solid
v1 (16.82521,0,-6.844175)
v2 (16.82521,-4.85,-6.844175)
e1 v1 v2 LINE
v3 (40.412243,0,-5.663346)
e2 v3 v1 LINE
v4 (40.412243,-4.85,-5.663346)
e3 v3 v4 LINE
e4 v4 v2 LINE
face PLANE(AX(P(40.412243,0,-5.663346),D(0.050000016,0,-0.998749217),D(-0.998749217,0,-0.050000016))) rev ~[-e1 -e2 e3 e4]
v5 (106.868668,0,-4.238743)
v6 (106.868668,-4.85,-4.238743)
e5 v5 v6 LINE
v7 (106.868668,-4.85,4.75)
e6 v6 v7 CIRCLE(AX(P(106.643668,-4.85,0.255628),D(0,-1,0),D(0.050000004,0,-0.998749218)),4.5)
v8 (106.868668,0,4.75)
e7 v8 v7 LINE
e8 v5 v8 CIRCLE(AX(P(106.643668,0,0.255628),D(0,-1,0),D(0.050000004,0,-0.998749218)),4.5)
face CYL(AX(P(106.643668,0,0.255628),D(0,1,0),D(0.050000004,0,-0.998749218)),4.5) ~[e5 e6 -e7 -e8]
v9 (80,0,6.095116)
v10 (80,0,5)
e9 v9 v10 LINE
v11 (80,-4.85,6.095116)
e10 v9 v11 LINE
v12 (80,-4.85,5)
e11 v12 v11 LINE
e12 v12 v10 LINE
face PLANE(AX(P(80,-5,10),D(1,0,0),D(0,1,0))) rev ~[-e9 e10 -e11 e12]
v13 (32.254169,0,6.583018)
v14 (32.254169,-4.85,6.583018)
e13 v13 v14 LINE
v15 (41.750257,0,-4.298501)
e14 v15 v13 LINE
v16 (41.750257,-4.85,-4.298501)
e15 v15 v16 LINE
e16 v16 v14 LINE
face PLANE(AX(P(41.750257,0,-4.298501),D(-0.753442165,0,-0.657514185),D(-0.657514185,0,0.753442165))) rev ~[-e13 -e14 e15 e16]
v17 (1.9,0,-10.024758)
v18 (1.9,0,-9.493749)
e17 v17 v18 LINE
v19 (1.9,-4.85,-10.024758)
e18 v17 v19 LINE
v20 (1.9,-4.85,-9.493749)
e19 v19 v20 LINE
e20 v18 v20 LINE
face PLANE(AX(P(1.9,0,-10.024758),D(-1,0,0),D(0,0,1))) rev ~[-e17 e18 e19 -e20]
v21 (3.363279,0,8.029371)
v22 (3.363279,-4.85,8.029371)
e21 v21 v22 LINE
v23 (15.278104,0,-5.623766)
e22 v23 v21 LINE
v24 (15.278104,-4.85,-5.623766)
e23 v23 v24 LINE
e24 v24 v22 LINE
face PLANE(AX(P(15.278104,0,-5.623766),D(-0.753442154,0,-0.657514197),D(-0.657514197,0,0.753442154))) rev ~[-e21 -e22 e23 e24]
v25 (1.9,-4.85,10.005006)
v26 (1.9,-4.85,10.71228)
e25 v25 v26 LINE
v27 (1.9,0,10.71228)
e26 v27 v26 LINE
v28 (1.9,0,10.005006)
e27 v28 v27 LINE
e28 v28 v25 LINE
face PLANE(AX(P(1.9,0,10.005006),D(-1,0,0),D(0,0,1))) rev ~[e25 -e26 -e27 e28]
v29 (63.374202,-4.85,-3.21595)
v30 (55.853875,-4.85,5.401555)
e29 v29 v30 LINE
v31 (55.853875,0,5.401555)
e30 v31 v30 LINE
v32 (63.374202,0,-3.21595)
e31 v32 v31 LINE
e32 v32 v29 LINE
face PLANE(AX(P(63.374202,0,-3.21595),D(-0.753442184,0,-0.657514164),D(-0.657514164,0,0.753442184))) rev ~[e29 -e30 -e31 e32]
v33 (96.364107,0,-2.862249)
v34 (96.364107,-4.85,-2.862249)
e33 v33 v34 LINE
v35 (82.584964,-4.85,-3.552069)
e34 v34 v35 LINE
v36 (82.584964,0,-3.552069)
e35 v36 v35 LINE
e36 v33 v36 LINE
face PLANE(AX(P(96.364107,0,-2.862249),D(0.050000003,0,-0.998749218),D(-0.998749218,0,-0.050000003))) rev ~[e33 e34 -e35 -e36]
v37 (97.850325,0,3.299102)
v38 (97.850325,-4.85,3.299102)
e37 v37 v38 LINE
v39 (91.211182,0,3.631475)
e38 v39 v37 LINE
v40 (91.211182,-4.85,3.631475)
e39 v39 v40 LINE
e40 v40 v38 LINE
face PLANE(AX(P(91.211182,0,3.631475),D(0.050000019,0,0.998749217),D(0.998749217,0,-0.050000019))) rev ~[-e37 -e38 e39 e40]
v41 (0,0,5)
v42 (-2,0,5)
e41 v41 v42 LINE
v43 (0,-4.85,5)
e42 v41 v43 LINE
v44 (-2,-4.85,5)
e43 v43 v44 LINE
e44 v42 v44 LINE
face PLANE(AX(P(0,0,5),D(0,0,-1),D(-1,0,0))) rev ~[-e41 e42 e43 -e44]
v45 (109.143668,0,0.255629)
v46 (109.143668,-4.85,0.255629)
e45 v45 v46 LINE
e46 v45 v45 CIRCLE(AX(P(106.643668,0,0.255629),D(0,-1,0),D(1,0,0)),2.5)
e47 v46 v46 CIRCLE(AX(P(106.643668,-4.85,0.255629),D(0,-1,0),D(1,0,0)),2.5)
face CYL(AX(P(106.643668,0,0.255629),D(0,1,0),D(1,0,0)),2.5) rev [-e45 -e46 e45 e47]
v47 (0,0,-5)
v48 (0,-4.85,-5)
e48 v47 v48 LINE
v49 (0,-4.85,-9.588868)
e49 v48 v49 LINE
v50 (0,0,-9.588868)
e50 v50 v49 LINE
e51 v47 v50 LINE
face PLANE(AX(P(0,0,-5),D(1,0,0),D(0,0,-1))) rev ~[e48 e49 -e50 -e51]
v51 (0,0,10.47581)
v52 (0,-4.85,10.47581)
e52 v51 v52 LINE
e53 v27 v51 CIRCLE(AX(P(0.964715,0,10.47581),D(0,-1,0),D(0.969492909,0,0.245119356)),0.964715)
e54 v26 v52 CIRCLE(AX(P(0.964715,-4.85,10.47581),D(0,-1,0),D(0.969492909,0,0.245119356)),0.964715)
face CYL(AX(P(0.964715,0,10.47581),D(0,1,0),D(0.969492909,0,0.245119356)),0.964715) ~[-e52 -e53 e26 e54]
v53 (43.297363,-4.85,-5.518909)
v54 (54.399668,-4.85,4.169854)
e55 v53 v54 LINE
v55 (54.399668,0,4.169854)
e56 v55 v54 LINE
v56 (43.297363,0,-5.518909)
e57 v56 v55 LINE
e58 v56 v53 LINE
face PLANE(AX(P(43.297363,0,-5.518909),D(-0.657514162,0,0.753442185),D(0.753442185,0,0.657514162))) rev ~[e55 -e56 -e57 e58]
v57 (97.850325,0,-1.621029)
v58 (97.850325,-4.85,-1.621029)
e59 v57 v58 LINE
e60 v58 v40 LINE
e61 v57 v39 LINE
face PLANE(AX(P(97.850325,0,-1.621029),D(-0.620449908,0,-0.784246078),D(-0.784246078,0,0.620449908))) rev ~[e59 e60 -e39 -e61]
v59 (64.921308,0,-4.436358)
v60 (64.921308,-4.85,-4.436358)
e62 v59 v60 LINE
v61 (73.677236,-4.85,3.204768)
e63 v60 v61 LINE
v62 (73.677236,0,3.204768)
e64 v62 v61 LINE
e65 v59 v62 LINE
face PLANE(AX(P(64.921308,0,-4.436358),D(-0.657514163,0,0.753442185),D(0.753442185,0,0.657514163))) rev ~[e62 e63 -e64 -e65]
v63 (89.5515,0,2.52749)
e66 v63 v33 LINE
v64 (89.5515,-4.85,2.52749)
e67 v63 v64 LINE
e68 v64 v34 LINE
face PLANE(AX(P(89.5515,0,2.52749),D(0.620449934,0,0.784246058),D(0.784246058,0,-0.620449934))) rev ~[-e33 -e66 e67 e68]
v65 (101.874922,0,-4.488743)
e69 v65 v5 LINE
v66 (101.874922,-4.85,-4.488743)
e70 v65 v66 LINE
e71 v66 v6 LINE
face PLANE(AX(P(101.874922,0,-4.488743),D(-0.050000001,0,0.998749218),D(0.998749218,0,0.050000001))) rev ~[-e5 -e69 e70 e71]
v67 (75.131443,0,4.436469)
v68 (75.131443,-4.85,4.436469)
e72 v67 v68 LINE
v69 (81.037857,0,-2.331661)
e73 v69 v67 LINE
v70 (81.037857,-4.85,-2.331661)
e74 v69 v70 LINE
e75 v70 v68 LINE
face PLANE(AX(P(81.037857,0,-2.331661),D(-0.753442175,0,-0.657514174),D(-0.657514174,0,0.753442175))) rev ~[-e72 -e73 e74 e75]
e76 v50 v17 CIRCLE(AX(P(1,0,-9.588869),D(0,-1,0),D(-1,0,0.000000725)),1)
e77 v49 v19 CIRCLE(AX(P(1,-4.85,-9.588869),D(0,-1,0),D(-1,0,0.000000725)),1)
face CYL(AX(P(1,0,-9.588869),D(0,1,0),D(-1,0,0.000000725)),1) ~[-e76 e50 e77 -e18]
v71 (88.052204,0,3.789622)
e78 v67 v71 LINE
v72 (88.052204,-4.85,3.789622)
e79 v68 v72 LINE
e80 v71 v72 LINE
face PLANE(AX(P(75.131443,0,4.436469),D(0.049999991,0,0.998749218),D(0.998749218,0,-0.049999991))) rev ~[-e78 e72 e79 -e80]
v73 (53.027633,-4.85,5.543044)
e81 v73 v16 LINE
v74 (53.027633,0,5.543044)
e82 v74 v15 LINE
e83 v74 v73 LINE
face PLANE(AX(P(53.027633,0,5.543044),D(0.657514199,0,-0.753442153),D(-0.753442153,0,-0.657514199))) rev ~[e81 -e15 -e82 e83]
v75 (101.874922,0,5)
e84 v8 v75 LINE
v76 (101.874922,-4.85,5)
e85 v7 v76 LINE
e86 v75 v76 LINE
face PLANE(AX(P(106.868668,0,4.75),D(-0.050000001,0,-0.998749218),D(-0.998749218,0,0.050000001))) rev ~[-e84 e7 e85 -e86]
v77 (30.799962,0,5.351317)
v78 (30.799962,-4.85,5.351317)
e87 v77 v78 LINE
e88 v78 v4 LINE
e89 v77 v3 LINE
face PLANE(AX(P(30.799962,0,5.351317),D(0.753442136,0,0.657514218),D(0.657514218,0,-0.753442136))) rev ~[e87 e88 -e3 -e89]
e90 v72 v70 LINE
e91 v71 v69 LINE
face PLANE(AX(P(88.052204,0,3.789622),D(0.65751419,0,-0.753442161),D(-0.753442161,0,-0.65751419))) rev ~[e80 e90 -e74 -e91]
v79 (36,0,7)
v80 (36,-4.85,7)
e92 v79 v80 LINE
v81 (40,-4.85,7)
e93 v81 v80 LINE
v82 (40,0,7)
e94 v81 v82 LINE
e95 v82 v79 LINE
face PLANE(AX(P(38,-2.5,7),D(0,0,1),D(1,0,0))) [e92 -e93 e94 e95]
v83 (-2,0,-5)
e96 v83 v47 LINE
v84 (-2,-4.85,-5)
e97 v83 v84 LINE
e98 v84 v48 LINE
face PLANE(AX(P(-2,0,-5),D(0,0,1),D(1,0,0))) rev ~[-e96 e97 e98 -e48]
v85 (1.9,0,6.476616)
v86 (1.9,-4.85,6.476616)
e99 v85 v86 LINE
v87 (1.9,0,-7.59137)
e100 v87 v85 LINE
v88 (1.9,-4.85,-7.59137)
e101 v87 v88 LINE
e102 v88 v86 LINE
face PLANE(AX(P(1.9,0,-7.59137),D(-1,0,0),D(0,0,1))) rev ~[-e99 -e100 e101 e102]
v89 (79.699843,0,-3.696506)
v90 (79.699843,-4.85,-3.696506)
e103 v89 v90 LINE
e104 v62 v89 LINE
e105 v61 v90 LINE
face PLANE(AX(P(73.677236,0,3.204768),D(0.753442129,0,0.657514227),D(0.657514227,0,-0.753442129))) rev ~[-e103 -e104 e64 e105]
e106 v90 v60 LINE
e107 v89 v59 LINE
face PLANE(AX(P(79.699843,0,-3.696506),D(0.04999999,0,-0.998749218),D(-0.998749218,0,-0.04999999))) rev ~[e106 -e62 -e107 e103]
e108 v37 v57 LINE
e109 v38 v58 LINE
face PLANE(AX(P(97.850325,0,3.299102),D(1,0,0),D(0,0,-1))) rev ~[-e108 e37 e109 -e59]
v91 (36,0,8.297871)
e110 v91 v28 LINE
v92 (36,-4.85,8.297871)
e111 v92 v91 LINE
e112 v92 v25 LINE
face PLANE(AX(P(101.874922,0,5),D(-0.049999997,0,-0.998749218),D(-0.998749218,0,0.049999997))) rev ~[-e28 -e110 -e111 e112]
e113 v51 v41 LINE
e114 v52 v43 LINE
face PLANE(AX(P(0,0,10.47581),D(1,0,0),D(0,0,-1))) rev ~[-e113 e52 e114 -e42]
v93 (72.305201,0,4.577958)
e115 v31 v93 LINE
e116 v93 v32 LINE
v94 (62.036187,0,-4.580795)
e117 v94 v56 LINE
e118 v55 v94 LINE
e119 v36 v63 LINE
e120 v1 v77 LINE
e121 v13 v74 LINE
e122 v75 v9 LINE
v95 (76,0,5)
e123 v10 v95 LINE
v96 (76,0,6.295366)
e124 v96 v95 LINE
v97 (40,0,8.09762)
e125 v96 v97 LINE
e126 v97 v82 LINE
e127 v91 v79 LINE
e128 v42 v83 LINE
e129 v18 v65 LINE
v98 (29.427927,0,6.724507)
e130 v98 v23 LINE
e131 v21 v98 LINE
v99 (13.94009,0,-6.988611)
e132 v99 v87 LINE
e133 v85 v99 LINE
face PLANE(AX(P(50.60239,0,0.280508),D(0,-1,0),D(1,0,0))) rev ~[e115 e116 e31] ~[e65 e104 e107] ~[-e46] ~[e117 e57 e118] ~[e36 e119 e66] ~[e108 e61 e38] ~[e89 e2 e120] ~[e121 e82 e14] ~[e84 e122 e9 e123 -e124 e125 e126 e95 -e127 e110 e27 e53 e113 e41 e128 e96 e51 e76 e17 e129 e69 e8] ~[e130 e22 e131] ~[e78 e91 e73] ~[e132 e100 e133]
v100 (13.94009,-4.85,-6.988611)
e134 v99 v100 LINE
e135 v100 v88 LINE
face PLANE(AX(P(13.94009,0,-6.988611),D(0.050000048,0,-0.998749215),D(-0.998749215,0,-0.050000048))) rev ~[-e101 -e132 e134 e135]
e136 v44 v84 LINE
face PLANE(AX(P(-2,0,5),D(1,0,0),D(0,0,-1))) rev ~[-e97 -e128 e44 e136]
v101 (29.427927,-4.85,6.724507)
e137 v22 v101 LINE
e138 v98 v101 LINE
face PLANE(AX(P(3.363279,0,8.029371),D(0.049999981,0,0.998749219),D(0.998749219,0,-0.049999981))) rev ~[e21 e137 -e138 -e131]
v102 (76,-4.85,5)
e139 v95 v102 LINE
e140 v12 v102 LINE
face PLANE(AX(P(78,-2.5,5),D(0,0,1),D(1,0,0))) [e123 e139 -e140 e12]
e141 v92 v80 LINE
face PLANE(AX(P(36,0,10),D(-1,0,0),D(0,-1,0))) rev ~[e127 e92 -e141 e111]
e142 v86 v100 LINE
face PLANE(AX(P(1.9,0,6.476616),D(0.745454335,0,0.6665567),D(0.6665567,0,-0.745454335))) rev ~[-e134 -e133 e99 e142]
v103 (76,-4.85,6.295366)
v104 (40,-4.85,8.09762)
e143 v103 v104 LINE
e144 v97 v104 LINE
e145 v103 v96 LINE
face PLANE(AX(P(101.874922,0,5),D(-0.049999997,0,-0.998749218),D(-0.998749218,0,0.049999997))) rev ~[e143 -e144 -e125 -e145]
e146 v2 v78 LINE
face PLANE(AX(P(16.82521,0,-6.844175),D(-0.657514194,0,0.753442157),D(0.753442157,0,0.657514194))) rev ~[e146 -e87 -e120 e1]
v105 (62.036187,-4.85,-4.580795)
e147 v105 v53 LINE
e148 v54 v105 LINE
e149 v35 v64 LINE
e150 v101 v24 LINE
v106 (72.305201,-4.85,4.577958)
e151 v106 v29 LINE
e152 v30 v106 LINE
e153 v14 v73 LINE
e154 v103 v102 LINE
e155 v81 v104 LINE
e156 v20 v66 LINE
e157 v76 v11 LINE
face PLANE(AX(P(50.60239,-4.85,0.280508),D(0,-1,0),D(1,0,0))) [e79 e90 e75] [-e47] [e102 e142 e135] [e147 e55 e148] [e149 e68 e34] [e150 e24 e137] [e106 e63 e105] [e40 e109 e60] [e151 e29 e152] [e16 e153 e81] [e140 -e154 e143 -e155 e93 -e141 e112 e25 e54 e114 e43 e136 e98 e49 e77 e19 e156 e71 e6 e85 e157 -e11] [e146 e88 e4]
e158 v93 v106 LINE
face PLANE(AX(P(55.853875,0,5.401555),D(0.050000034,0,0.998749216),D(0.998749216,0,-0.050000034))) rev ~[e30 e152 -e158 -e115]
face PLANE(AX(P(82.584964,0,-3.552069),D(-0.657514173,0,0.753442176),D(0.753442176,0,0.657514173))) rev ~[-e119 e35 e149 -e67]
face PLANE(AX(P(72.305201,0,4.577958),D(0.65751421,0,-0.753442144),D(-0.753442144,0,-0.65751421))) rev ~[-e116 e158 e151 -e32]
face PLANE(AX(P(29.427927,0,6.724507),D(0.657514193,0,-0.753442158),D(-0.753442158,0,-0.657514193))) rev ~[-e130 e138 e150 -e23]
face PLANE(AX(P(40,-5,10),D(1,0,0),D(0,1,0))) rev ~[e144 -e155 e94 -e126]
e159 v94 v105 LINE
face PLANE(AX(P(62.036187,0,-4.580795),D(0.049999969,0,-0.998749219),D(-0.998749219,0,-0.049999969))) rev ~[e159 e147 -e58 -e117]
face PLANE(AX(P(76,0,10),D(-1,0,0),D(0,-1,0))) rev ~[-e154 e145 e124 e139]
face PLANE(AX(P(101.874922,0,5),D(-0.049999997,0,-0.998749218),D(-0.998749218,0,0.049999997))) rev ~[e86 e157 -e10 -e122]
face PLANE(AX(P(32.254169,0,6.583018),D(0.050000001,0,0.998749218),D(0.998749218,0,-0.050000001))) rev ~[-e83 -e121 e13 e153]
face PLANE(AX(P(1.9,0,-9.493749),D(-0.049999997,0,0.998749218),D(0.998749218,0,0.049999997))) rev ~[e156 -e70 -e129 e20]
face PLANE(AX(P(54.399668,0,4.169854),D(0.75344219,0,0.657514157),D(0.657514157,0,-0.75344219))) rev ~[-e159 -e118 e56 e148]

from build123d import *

# Parameters (mm, degrees)
F0_R     = 2.5
F1_DEPTH = 4.85
F4_DEPTH = 3
F6_DEPTH = 5


with BuildPart() as f1:
    # F0 (on Front) → F1 (new body)
    with BuildSketch(Plane.XZ):
        with BuildLine():
            Line((0, 10.100125), (0, 5))
            Line((0, 5), (-2, 5))
            Line((-2, 5), (-2, -5))
            Line((-2, -5), (0, -5))
            Line((0, -5), (0, -9.588868))
            ThreePointArc((0, -9.588868), (0.776393, -10.563548), (1.9, -10.024758))
            Line((1.9, -10.024758), (1.9, -9.493749))
            Line((1.9, -9.493749), (101.874922, -4.488743))
            Line((101.874922, -4.488743), (106.868668, -4.238743))
            ThreePointArc((106.868668, -4.238743), (111.143668, 0.255629), (106.868668, 4.75))
            Line((106.868668, 4.75), (101.874922, 5))
            Line((101.874922, 5), (1.9, 10.005006))
            Line((1.9, 10.005006), (1.9, 10.71228))
            ThreePointArc((1.9, 10.71228), (0.845568, 11.433139), (0, 10.47581))
            Line((0, 10.47581), (0, 10.100125))
        make_face()
        Polygon((13.94009, -6.988611), (1.9, -7.59137), (1.9, 0.047531), (1.9, 6.476616), align=None, mode=Mode.SUBTRACT)
        Polygon((40.412243, -5.663346), (16.82521, -6.844175), (30.799962, 5.351317), align=None, mode=Mode.SUBTRACT)
        Polygon((43.297363, -5.518909), (54.399668, 4.169854), (62.036187, -4.580795), align=None, mode=Mode.SUBTRACT)
        Polygon((64.921308, -4.436358), (73.677236, 3.204768), (79.699843, -3.696506), align=None, mode=Mode.SUBTRACT)
        Polygon((89.5515, 2.52749), (96.364107, -2.862249), (82.584964, -3.552069), align=None, mode=Mode.SUBTRACT)
        with Locations((106.643668, 0.255629)):
            Circle(F0_R, mode=Mode.SUBTRACT)
        Polygon((15.278104, -5.623766), (3.363279, 8.029371), (29.427927, 6.724507), align=None, mode=Mode.SUBTRACT)
        Polygon((41.750257, -4.298501), (32.254169, 6.583018), (53.027633, 5.543044), align=None, mode=Mode.SUBTRACT)
        Polygon((72.305201, 4.577958), (63.374202, -3.21595), (55.853875, 5.401555), align=None, mode=Mode.SUBTRACT)
        Polygon((88.052204, 3.789622), (81.037857, -2.331661), (75.131443, 4.436469), align=None, mode=Mode.SUBTRACT)
        Polygon((91.211182, 3.631475), (97.850325, 3.299102), (97.850325, -1.621029), align=None, mode=Mode.SUBTRACT)
    extrude(amount=F1_DEPTH)

    # F3 (on offset) → F4 (cut)
    with BuildSketch(Plane.XY.offset(10)):
        Polygon((36, 0), (36, -2.5), (36, -5), (40, -5), (40, -2.5), (40, 0), align=None)
        Polygon((76, 0), (76, -2.5), (76, -5), (80, -5), (80, -2.5), (80, 0), align=None)
    extrude(amount=-F4_DEPTH, mode=Mode.SUBTRACT)

    # F5 (on offset) → F6 (cut)
    with BuildSketch(Plane.XY.offset(10)):
        Polygon((76, 0), (76, -2.5), (76, -5), (80, -5), (80, -2.5), (80, 0), align=None)
    extrude(amount=-F6_DEPTH, mode=Mode.SUBTRACT)


solid = f1.part
